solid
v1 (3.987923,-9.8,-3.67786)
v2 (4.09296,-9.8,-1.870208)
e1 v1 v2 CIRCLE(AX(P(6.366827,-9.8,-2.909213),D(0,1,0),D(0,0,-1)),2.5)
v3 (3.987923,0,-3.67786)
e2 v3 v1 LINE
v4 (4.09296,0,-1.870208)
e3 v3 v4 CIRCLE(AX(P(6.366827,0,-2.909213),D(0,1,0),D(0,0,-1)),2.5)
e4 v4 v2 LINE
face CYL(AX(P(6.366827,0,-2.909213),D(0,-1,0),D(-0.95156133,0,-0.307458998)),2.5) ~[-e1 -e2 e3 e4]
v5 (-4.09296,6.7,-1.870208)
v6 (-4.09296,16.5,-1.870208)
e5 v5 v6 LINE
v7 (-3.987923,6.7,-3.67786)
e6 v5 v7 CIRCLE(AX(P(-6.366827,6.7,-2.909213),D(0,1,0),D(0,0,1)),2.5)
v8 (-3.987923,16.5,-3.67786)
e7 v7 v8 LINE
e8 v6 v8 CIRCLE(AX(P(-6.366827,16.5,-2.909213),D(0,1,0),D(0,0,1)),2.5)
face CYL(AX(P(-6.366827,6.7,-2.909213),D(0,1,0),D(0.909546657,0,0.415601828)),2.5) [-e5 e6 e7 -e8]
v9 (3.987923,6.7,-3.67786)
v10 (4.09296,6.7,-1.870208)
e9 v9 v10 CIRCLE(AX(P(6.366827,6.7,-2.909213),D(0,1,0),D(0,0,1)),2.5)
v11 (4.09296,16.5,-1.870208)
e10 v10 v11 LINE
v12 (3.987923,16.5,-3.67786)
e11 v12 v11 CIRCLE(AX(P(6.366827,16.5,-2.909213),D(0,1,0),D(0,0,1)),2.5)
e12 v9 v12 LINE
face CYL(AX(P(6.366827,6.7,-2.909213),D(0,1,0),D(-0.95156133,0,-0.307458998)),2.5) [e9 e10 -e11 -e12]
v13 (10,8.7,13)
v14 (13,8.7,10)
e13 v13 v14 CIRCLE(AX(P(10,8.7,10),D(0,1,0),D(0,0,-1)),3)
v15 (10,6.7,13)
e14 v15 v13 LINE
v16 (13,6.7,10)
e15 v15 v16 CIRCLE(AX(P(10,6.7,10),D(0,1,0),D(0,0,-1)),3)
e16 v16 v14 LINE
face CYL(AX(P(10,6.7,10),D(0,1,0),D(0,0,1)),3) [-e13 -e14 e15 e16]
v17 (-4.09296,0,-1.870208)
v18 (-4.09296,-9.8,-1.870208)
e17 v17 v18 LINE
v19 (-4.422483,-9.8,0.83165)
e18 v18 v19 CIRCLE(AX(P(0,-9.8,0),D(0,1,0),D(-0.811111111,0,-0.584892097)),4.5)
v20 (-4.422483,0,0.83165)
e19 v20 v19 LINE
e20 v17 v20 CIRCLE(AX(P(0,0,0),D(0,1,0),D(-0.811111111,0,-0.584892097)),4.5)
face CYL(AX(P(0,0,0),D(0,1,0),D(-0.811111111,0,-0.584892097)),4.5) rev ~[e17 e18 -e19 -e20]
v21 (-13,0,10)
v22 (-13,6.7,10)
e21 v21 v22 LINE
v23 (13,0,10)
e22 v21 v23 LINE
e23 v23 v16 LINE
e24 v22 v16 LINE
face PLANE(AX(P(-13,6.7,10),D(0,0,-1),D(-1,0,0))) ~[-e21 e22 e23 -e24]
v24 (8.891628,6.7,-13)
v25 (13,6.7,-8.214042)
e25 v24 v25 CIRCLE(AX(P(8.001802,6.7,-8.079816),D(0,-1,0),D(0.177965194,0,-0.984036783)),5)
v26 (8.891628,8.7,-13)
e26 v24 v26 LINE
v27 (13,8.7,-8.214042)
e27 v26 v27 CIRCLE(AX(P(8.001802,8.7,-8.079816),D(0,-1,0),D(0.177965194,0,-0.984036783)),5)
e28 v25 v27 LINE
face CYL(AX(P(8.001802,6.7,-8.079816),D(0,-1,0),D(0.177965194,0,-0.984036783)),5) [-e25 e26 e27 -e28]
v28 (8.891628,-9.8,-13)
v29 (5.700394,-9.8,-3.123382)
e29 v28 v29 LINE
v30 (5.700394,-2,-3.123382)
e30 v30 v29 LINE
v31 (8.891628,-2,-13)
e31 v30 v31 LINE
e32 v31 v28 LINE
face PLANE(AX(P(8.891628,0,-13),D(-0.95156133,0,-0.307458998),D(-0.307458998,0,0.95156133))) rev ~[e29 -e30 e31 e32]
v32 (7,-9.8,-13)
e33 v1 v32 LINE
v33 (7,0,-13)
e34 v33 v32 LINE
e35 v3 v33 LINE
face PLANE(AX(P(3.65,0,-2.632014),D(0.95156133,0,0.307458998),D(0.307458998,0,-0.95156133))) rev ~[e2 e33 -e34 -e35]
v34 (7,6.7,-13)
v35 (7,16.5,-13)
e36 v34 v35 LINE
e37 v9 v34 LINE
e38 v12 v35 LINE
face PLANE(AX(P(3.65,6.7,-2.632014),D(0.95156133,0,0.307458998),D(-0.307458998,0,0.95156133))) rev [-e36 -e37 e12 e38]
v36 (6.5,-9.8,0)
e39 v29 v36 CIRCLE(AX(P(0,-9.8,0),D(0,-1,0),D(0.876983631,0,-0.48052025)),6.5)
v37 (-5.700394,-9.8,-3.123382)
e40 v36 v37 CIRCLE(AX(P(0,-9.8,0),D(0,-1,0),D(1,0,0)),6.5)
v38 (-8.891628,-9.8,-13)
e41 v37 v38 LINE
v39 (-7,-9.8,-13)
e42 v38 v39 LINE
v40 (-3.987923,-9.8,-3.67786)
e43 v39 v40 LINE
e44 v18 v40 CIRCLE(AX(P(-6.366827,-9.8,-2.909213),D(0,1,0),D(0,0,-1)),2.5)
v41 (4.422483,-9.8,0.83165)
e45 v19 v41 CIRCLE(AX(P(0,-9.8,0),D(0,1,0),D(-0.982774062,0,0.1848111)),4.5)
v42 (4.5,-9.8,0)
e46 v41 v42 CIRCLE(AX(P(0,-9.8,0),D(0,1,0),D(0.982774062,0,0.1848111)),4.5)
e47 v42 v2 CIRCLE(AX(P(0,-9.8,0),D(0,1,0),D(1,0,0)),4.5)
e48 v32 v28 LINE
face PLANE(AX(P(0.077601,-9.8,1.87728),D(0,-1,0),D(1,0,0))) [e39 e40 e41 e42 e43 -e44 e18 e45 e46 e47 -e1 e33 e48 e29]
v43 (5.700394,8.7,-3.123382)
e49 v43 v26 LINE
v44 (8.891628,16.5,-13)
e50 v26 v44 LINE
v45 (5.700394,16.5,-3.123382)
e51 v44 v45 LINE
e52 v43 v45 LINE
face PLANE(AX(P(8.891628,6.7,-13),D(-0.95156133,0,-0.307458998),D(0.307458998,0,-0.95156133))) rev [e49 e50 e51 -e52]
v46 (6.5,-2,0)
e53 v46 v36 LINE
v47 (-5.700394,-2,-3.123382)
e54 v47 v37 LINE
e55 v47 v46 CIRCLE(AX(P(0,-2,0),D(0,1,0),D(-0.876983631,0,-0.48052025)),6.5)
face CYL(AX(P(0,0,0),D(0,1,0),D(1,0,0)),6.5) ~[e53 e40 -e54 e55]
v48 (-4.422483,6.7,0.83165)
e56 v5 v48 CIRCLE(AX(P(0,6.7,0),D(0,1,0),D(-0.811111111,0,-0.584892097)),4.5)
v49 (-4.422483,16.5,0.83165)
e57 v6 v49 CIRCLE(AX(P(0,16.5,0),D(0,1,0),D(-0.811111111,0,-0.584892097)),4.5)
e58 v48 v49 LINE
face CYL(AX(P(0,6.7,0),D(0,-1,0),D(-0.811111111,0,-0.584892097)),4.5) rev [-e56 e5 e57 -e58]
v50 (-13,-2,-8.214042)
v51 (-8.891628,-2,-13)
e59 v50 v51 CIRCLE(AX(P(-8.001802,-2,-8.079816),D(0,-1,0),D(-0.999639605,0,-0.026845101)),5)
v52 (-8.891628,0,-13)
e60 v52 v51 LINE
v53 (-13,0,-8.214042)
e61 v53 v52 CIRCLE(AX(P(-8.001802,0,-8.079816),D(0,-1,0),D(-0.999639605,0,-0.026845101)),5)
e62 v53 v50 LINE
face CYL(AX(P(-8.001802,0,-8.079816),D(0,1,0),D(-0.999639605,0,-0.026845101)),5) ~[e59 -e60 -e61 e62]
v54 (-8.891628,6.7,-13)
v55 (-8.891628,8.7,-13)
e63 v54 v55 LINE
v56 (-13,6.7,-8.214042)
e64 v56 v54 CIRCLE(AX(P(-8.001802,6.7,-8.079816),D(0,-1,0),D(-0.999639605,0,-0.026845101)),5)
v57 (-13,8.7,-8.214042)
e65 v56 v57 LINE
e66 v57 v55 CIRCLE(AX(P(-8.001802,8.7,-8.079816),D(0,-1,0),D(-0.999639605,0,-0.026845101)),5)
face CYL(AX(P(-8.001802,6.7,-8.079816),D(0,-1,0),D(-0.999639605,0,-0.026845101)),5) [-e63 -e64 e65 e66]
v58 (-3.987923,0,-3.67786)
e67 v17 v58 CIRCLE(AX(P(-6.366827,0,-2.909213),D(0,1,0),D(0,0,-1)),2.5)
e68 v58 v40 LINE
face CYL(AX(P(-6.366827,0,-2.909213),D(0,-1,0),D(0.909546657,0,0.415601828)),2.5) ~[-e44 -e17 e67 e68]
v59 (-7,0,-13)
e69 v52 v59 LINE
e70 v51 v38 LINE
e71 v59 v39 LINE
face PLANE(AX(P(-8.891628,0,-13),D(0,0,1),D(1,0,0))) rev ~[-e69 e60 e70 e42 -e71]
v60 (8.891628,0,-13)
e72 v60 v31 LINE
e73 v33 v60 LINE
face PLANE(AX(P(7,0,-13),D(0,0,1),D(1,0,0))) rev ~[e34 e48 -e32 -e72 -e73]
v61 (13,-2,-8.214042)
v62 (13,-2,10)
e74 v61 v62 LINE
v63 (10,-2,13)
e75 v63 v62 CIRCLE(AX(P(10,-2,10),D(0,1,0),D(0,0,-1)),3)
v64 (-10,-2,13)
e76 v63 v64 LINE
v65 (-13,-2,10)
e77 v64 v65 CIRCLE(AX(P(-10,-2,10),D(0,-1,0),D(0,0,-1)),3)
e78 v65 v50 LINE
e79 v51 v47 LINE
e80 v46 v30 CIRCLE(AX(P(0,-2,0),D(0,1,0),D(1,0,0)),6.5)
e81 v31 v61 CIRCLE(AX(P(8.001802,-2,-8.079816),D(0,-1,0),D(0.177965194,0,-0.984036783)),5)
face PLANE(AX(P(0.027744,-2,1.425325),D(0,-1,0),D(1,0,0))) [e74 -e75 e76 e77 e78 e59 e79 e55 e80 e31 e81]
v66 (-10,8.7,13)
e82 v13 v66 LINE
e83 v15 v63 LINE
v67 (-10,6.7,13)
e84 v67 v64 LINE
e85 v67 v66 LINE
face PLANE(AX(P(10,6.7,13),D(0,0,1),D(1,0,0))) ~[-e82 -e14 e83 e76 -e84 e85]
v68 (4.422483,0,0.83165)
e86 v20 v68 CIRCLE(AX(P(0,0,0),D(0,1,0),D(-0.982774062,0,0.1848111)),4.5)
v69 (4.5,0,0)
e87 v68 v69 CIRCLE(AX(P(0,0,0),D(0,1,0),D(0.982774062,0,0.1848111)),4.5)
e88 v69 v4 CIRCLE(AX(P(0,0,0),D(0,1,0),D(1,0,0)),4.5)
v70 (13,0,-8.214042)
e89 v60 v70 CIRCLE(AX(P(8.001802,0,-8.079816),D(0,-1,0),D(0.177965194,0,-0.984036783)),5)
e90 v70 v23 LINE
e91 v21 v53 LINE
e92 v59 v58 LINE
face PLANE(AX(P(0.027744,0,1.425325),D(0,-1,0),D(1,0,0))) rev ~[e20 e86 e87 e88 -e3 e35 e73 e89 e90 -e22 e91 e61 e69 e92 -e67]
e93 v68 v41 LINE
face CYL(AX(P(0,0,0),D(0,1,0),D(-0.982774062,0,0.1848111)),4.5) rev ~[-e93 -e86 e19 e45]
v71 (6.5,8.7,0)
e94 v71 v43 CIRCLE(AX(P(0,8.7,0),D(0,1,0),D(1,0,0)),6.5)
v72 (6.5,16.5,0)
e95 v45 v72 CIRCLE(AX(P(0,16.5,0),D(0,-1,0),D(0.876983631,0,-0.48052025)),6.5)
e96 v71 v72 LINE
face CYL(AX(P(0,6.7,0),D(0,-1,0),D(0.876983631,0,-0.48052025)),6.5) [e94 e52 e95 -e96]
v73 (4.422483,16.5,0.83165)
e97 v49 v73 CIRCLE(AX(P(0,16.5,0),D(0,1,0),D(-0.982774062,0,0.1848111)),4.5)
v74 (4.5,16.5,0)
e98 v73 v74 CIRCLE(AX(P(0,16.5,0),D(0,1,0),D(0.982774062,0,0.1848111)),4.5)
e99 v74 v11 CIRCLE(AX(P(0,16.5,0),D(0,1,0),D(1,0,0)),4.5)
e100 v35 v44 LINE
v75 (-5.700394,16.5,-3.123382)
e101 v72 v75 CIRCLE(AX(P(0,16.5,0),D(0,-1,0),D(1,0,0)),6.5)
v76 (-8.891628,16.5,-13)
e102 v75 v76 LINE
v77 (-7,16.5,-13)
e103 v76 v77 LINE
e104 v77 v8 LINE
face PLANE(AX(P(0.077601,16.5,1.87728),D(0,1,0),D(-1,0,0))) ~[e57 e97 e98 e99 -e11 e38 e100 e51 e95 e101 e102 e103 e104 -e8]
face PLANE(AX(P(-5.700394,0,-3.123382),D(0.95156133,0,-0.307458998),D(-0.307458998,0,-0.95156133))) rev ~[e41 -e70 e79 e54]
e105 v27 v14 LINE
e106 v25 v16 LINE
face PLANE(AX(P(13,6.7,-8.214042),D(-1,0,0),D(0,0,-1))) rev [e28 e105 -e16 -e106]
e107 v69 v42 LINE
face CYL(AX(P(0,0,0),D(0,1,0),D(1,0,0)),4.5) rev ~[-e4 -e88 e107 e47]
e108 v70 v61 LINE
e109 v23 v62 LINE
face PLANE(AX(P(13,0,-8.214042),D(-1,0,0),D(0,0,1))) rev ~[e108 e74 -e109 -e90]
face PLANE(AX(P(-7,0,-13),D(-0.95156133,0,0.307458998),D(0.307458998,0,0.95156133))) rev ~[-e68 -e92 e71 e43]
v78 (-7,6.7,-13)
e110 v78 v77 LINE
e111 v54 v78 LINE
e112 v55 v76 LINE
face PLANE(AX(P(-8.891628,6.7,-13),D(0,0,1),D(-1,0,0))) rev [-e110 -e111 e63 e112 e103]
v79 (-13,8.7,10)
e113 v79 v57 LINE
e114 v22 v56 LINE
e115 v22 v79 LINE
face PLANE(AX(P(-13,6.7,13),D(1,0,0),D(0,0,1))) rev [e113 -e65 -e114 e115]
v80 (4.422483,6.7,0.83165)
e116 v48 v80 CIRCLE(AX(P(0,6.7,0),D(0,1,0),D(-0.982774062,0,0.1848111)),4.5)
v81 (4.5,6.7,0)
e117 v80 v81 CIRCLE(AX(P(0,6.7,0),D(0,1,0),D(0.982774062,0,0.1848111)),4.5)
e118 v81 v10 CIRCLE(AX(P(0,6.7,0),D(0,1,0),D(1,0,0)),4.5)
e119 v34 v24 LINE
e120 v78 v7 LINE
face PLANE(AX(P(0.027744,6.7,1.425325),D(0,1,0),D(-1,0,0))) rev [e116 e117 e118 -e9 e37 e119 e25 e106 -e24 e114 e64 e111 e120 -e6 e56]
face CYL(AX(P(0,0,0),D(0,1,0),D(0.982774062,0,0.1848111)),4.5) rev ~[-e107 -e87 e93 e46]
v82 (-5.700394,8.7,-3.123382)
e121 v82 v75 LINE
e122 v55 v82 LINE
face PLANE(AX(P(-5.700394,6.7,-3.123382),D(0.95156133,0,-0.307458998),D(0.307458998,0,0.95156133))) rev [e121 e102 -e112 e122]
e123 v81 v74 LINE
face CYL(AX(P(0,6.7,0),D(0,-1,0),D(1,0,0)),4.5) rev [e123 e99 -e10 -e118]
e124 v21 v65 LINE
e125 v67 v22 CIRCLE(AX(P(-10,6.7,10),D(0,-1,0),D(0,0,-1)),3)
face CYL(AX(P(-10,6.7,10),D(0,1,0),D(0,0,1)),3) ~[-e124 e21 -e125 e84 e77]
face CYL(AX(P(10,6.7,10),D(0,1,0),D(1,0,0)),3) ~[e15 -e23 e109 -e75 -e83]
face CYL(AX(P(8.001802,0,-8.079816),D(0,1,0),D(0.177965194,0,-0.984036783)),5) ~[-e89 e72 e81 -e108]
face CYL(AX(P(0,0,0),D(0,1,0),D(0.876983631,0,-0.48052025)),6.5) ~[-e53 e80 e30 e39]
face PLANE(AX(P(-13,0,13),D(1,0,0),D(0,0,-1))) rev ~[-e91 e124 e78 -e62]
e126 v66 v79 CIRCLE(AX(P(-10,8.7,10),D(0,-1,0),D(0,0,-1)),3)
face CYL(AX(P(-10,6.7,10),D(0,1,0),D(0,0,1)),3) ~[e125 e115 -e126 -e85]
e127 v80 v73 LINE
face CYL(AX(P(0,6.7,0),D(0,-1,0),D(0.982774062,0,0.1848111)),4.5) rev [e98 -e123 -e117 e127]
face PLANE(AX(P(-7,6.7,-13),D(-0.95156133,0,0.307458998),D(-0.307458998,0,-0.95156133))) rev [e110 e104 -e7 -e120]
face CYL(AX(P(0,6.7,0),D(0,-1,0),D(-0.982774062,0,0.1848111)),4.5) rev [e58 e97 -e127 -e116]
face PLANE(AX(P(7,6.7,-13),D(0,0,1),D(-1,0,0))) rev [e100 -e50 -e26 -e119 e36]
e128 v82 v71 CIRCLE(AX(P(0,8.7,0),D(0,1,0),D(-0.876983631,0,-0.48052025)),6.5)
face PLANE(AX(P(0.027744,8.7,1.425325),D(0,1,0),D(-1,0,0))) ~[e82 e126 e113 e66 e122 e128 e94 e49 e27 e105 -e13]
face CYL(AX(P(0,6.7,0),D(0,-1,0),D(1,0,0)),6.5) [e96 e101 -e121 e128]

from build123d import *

# Parameters (mm, degrees)
F1_DEPTH = 9.8
F2_DEPTH = 2
F3_R     = 3
F5_DEPTH = 3.35
F7_R     = 2.5


with BuildPart() as f1:
    # F0 (on Front) → F1 (new body)
    with BuildSketch(Plane.XZ):
        with BuildLine():
            ThreePointArc((6.5, 0), (-1.6120548351, 6.2969261714), (-5.7003936026, -3.1233816249))
            Line((-5.7003936026, -3.1233816249), (-4.4224832798, 0.8316499504))
            ThreePointArc((-4.4224832798, 0.8316499504), (0, 4.5), (4.4224832798, 0.8316499504))
            Line((4.4224832798, 0.8316499504), (5.7003936026, -3.1233816249))
            ThreePointArc((5.7003936026, -3.1233816249), (6.2969261714, -1.6120548351), (6.5, 0))
        make_face()
        with BuildLine():
            Line((-4.4224832798, 0.8316499504), (-5.7003936026, -3.1233816249))
            ThreePointArc((-5.7003936026, -3.1233816249), (-5.1003989607, -4.0293833824), (-4.3578547765, -4.8227690953))
            Line((-4.3578547765, -4.8227690953), (-3.65, -2.6320144377))
            ThreePointArc((-3.65, -2.6320144377), (-4.3920939566, -0.9795461582), (-4.4224832798, 0.8316499504))
        make_face()
        with BuildLine():
            Line((-5.7003936026, -3.1233816249), (-8.891627942, -13))
            Line((-8.891627942, -13), (-7, -13))
            Line((-7, -13), (-4.3578547765, -4.8227690953))
            ThreePointArc((-4.3578547765, -4.8227690953), (-5.1003989607, -4.0293833824), (-5.7003936026, -3.1233816249))
        make_face()
        with BuildLine():
            Line((7, -13), (8.891627942, -13))
            Line((8.891627942, -13), (5.7003936026, -3.1233816249))
            ThreePointArc((5.7003936026, -3.1233816249), (5.1003989607, -4.0293833824), (4.3578547765, -4.8227690953))
            Line((4.3578547765, -4.8227690953), (7, -13))
        make_face()
        with BuildLine():
            ThreePointArc((4.3578547765, -4.8227690953), (5.1003989607, -4.0293833824), (5.7003936026, -3.1233816249))
            Line((5.7003936026, -3.1233816249), (4.4224832798, 0.8316499504))
            ThreePointArc((4.4224832798, 0.8316499504), (4.4805789112, 0.4176273704), (4.5, 0))
            ThreePointArc((4.5, 0), (4.2822307271, -1.3829316686), (3.65, -2.6320144377))
            Line((3.65, -2.6320144377), (4.3578547765, -4.8227690953))
        make_face()
    extrude(amount=F1_DEPTH)

    # F0 (on Front) → F2 (join)
    with BuildSketch(Plane.XZ):
        with BuildLine():
            Line((13, 13), (-13, 13))
            Line((-13, 13), (-13, -8.2140415907))
            ThreePointArc((-13, -8.2140415907), (-11.7956860143, -11.3365696666), (-8.891627942, -13))
            Line((-8.891627942, -13), (-5.7003936026, -3.1233816249))
            ThreePointArc((-5.7003936026, -3.1233816249), (-1.6120548351, 6.2969261714), (6.5, 0))
            ThreePointArc((6.5, 0), (6.2969261714, -1.6120548351), (5.7003936026, -3.1233816249))
            Line((5.7003936026, -3.1233816249), (8.891627942, -13))
            ThreePointArc((8.891627942, -13), (11.7956860143, -11.3365696666), (13, -8.2140415907))
            Line((13, -8.2140415907), (13, 13))
        make_face()
    extrude(amount=F2_DEPTH)

    # F3
    f3_edges = [f1.edges().sort_by_distance(p)[0] for p in [
        (-13, -1, 13),
        (13, -1, 13),
    ]]
    fillet(f3_edges, radius=F3_R)

    # F4 (on face) → F5 (join)
    with BuildSketch(Plane.XZ):
        with BuildLine():
            ThreePointArc((13, 10), (12.1213203436, 12.1213203436), (10, 13))
            Line((10, 13), (-10, 13))
            ThreePointArc((-10, 13), (-12.1213203436, 12.1213203436), (-13, 10))
            Line((-13, 10), (13, 10))
        make_face()
    extrude(amount=-F5_DEPTH)

    # F6: F1 across face


with BuildPart() as f1_1:
    add(f1.part)
    add(f1.part.mirror(Plane(origin=(0, 3.35, 11.4567592), x_dir=(1, 0, 0), z_dir=(0, 1, 0))))

    # F7
    f7_edges = [f1_1.edges().sort_by_distance(p)[0] for p in [
        (-3.65, -4.9, -2.632014),
        (-3.65, 11.6, -2.632014),
        (3.65, 11.6, -2.632014),
        (3.65, -4.9, -2.632014),
    ]]
    fillet(f7_edges, radius=F7_R)


solid = f1_1.part
